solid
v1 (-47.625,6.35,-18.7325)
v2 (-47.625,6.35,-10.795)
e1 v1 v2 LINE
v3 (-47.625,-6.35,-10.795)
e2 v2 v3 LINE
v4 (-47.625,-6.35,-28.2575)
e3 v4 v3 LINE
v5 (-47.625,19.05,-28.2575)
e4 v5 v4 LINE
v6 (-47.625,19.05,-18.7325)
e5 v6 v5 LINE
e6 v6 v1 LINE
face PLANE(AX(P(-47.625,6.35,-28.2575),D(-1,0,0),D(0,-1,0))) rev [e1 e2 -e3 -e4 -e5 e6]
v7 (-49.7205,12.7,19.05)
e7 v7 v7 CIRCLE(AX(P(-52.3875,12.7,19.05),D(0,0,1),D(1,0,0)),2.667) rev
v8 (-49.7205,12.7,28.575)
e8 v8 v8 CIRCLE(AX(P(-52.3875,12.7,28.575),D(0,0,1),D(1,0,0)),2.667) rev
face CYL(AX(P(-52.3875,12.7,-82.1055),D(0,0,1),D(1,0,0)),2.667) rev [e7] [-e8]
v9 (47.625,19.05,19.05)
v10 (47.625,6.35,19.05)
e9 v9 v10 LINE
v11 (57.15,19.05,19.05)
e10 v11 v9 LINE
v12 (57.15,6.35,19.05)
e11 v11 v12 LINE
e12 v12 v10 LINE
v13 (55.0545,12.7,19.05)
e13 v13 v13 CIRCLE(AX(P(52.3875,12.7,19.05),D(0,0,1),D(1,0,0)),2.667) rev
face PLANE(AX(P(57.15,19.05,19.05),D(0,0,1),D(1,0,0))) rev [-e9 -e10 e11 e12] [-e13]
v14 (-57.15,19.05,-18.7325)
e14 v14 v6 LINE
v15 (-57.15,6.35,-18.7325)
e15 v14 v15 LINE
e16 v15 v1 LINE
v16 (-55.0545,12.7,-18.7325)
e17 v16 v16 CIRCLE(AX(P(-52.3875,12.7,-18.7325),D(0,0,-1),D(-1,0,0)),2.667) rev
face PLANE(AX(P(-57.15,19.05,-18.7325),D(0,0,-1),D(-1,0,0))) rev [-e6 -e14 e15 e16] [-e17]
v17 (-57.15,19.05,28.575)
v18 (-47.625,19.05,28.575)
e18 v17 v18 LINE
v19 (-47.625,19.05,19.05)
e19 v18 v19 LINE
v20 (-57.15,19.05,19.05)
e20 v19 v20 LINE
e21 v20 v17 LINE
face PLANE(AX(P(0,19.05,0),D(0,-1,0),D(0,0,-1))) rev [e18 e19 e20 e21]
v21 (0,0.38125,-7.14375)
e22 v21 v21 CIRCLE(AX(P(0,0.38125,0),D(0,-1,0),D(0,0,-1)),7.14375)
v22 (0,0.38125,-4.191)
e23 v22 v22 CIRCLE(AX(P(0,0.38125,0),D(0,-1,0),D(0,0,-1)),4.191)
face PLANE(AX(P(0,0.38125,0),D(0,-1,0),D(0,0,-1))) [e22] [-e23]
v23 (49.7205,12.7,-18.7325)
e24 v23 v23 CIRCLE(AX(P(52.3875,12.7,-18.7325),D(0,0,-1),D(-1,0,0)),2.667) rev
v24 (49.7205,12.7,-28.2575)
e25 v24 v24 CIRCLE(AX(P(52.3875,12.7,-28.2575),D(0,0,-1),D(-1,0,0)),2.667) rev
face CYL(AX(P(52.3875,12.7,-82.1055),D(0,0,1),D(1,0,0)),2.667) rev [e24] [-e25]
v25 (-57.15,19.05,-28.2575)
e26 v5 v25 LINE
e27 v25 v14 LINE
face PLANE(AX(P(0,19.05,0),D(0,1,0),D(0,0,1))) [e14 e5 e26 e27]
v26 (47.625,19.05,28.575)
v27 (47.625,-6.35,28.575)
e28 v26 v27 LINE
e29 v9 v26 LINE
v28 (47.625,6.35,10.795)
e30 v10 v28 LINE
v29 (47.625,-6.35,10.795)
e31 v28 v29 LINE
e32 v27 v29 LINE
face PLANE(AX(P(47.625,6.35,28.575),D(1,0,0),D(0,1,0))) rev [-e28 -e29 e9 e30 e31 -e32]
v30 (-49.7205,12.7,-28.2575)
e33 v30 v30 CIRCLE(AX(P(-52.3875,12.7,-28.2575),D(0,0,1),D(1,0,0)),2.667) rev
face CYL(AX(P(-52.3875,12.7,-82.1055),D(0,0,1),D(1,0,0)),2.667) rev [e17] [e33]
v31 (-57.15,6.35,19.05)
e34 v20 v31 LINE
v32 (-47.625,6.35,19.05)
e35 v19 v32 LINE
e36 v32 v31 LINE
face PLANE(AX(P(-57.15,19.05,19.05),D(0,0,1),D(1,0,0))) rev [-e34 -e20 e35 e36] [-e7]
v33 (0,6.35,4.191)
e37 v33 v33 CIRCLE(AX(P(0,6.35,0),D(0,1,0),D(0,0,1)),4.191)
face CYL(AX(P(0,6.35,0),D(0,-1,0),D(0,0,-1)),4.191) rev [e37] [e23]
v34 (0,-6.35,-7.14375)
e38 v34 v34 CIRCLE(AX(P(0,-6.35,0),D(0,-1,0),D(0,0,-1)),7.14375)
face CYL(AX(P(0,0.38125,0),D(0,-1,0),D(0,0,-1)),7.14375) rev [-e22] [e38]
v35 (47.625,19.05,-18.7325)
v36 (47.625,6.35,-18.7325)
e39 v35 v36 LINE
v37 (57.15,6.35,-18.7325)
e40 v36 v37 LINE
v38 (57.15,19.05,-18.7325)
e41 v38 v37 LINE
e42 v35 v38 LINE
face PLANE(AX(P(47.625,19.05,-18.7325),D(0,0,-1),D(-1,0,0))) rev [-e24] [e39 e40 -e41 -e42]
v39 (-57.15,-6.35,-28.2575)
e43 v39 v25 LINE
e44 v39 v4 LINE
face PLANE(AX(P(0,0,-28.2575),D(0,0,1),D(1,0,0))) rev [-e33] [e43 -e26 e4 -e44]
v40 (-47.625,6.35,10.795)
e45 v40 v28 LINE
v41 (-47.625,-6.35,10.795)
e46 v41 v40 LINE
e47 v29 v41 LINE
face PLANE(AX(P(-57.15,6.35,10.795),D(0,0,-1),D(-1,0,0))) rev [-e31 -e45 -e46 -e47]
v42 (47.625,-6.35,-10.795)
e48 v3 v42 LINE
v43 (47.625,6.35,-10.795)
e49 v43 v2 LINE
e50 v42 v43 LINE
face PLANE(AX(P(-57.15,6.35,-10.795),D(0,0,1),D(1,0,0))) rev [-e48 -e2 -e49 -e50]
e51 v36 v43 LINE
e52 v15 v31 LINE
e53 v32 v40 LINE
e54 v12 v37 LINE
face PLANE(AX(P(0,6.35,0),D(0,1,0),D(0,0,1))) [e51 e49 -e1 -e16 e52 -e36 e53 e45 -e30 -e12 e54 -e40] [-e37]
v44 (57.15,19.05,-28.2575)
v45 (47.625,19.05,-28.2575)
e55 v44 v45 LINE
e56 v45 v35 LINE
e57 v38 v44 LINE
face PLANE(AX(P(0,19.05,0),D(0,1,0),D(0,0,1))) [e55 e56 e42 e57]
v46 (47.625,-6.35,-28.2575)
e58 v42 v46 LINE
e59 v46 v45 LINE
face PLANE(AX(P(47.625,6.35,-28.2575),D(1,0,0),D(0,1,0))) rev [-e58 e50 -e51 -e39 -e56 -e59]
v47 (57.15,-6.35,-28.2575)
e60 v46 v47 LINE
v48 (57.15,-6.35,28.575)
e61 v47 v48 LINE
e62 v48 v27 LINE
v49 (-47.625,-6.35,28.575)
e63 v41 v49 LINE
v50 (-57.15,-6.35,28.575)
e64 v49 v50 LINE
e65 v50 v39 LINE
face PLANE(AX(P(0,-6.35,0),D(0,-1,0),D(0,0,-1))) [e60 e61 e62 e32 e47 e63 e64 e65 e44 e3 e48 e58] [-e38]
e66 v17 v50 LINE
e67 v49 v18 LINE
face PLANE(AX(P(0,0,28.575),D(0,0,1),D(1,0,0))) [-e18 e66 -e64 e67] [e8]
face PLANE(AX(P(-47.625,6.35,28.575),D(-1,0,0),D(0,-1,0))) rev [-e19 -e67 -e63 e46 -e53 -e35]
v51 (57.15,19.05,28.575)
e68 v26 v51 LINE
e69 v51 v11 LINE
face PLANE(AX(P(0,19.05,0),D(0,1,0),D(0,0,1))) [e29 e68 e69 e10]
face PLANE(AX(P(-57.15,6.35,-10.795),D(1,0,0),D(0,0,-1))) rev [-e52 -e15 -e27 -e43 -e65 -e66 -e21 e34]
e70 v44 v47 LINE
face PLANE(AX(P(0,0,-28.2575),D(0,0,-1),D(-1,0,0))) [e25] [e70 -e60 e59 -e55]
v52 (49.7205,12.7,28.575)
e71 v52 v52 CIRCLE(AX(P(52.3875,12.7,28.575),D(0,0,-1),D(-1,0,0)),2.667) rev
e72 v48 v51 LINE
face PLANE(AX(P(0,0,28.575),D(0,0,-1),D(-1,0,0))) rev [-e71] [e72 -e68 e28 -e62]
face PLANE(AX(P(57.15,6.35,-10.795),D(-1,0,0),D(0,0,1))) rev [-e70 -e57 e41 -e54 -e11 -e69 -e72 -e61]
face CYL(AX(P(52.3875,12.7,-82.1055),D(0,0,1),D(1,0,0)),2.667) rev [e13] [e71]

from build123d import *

# Parameters (mm, degrees)
SKETCH1_W               = 114.3
SKETCH1_H               = 21.59
SKETCH1_R               = 4.191
BOSS_EXTRUDE1_DEPTH     = 6.35
SKETCH2_W               = 9.525
SKETCH2_H               = 6.35
BOSS_EXTRUDE2_DEPTH     = 17.4625
SKETCH3_W               = 9.525
SKETCH3_H               = 6.35
BOSS_EXTRUDE3_DEPTH     = 17.4625
SKETCH4_W               = 9.525
SKETCH4_H               = 6.35
BOSS_EXTRUDE4_DEPTH     = 17.78
SKETCH6_W               = 9.525
SKETCH6_H               = 9.525
BOSS_EXTRUDE5_DEPTH     = 12.7
CUT_EXTRUDE1_DEPTH      = 53.848
CUT_EXTRUDE1_DEPTH_BACK = 92.456
SKETCH7_R               = 2.667
BOSS_EXTRUDE6_DEPTH     = 6.35
CUT_EXTRUDE2_START      = -6.35
SKETCH10_R              = 4.191
CUT_EXTRUDE2_DEPTH      = 6.35
SKETCH11_R              = 7.14375
CUT_EXTRUDE3_DEPTH      = 6.73125


with BuildPart() as part:
    # Sketch1 → Boss-Extrude1 (new body)
    with BuildSketch(Plane(origin=(0, 0, 0), x_dir=(1, 0, 0), z_dir=(0, 1, 0))):
        Rectangle(SKETCH1_W, SKETCH1_H)
        with Locations(Location((0, 0, 0), (0, 0, 270))):
            Circle(SKETCH1_R, mode=Mode.SUBTRACT)
    extrude(amount=BOSS_EXTRUDE1_DEPTH)

    # Sketch2 → Boss-Extrude2 (add)
    with BuildSketch(Plane(origin=(0, 0, -10.795), x_dir=(-1, 0, 0), z_dir=(0, 0, -1))):
        with Locations((-52.3875, 3.175)):
            Rectangle(SKETCH2_W, SKETCH2_H)
    extrude(amount=BOSS_EXTRUDE2_DEPTH)

    # Sketch3 → Boss-Extrude3 (add)
    with BuildSketch(Plane(origin=(0, 0, -10.795), x_dir=(-1, 0, 0), z_dir=(0, 0, -1))):
        with Locations((52.3875, 3.175)):
            Rectangle(SKETCH3_W, SKETCH3_H)
    extrude(amount=BOSS_EXTRUDE3_DEPTH)

    # Sketch4 → Boss-Extrude4 (add)
    with BuildSketch(Plane.XY.offset(10.795)):
        with Locations((-52.3875, 3.175)):
            Rectangle(SKETCH4_W, SKETCH4_H)
        with Locations((52.3875, 3.175)):
            Rectangle(SKETCH4_W, SKETCH4_H)
    extrude(amount=BOSS_EXTRUDE4_DEPTH)

    # Sketch6 → Boss-Extrude5 (add)
    with BuildSketch(Plane(origin=(0, 6.35, 0), x_dir=(1, 0, 0), z_dir=(0, 1, 0))):
        with Locations((-52.3875, 23.495)):
            Rectangle(SKETCH6_W, SKETCH6_H)
        with Locations((-52.3875, -23.8125)):
            Rectangle(SKETCH6_W, SKETCH6_H)
        with Locations((52.3875, 23.495)):
            Rectangle(SKETCH6_W, SKETCH6_H)
        with Locations((52.3875, -23.8125)):
            Rectangle(SKETCH6_W, SKETCH6_H)
    extrude(amount=BOSS_EXTRUDE5_DEPTH)

    # Sketch7 → Cut-Extrude1 (cut, two sides: drawn at the far end of the back side and taken through both)
    with BuildSketch(Plane(origin=(0, 0, -28.2575), x_dir=(-1, 0, 0), z_dir=(0, 0, -1)).offset(-CUT_EXTRUDE1_DEPTH_BACK)):
        with Locations(Location((-52.3875, 12.7, 0), (0, 0, 180))):
            Circle(SKETCH7_R)
        with Locations(Location((52.3875, 12.7, 0), (0, 0, 180))):
            Circle(SKETCH7_R)
    extrude(amount=CUT_EXTRUDE1_DEPTH + CUT_EXTRUDE1_DEPTH_BACK, mode=Mode.SUBTRACT)

    # Sketch9 → Boss-Extrude6 (add)
    with BuildSketch(Plane.XZ):
        Polygon((57.15, -28.2575), (57.15, 28.575), (47.625, 28.575), (47.625, 10.795), (-47.625, 10.795), (-47.625, 28.575), (-57.15, 28.575), (-57.15, -28.2575), (-47.625, -28.2575), (-47.625, -10.795), (47.625, -10.795), (47.625, -28.2575), align=None)
    extrude(amount=BOSS_EXTRUDE6_DEPTH)

    # Sketch10 → Cut-Extrude2 (cut)
    with BuildSketch(Plane(origin=(0, 0, 0), x_dir=(1, 0, 0), z_dir=(0, 1, 0)).offset(CUT_EXTRUDE2_START)):
        with Locations(Location((0, 0, 0), (0, 0, 90))):
            Circle(SKETCH10_R)
    extrude(amount=CUT_EXTRUDE2_DEPTH, mode=Mode.SUBTRACT)

    # Sketch11 → Cut-Extrude3 (cut)
    with BuildSketch(Plane.XZ.offset(6.35)):
        with Locations(Location((0, 0, 0), (0, 0, 270))):
            Circle(SKETCH11_R)
    extrude(amount=-CUT_EXTRUDE3_DEPTH, mode=Mode.SUBTRACT)


solid = part.part
